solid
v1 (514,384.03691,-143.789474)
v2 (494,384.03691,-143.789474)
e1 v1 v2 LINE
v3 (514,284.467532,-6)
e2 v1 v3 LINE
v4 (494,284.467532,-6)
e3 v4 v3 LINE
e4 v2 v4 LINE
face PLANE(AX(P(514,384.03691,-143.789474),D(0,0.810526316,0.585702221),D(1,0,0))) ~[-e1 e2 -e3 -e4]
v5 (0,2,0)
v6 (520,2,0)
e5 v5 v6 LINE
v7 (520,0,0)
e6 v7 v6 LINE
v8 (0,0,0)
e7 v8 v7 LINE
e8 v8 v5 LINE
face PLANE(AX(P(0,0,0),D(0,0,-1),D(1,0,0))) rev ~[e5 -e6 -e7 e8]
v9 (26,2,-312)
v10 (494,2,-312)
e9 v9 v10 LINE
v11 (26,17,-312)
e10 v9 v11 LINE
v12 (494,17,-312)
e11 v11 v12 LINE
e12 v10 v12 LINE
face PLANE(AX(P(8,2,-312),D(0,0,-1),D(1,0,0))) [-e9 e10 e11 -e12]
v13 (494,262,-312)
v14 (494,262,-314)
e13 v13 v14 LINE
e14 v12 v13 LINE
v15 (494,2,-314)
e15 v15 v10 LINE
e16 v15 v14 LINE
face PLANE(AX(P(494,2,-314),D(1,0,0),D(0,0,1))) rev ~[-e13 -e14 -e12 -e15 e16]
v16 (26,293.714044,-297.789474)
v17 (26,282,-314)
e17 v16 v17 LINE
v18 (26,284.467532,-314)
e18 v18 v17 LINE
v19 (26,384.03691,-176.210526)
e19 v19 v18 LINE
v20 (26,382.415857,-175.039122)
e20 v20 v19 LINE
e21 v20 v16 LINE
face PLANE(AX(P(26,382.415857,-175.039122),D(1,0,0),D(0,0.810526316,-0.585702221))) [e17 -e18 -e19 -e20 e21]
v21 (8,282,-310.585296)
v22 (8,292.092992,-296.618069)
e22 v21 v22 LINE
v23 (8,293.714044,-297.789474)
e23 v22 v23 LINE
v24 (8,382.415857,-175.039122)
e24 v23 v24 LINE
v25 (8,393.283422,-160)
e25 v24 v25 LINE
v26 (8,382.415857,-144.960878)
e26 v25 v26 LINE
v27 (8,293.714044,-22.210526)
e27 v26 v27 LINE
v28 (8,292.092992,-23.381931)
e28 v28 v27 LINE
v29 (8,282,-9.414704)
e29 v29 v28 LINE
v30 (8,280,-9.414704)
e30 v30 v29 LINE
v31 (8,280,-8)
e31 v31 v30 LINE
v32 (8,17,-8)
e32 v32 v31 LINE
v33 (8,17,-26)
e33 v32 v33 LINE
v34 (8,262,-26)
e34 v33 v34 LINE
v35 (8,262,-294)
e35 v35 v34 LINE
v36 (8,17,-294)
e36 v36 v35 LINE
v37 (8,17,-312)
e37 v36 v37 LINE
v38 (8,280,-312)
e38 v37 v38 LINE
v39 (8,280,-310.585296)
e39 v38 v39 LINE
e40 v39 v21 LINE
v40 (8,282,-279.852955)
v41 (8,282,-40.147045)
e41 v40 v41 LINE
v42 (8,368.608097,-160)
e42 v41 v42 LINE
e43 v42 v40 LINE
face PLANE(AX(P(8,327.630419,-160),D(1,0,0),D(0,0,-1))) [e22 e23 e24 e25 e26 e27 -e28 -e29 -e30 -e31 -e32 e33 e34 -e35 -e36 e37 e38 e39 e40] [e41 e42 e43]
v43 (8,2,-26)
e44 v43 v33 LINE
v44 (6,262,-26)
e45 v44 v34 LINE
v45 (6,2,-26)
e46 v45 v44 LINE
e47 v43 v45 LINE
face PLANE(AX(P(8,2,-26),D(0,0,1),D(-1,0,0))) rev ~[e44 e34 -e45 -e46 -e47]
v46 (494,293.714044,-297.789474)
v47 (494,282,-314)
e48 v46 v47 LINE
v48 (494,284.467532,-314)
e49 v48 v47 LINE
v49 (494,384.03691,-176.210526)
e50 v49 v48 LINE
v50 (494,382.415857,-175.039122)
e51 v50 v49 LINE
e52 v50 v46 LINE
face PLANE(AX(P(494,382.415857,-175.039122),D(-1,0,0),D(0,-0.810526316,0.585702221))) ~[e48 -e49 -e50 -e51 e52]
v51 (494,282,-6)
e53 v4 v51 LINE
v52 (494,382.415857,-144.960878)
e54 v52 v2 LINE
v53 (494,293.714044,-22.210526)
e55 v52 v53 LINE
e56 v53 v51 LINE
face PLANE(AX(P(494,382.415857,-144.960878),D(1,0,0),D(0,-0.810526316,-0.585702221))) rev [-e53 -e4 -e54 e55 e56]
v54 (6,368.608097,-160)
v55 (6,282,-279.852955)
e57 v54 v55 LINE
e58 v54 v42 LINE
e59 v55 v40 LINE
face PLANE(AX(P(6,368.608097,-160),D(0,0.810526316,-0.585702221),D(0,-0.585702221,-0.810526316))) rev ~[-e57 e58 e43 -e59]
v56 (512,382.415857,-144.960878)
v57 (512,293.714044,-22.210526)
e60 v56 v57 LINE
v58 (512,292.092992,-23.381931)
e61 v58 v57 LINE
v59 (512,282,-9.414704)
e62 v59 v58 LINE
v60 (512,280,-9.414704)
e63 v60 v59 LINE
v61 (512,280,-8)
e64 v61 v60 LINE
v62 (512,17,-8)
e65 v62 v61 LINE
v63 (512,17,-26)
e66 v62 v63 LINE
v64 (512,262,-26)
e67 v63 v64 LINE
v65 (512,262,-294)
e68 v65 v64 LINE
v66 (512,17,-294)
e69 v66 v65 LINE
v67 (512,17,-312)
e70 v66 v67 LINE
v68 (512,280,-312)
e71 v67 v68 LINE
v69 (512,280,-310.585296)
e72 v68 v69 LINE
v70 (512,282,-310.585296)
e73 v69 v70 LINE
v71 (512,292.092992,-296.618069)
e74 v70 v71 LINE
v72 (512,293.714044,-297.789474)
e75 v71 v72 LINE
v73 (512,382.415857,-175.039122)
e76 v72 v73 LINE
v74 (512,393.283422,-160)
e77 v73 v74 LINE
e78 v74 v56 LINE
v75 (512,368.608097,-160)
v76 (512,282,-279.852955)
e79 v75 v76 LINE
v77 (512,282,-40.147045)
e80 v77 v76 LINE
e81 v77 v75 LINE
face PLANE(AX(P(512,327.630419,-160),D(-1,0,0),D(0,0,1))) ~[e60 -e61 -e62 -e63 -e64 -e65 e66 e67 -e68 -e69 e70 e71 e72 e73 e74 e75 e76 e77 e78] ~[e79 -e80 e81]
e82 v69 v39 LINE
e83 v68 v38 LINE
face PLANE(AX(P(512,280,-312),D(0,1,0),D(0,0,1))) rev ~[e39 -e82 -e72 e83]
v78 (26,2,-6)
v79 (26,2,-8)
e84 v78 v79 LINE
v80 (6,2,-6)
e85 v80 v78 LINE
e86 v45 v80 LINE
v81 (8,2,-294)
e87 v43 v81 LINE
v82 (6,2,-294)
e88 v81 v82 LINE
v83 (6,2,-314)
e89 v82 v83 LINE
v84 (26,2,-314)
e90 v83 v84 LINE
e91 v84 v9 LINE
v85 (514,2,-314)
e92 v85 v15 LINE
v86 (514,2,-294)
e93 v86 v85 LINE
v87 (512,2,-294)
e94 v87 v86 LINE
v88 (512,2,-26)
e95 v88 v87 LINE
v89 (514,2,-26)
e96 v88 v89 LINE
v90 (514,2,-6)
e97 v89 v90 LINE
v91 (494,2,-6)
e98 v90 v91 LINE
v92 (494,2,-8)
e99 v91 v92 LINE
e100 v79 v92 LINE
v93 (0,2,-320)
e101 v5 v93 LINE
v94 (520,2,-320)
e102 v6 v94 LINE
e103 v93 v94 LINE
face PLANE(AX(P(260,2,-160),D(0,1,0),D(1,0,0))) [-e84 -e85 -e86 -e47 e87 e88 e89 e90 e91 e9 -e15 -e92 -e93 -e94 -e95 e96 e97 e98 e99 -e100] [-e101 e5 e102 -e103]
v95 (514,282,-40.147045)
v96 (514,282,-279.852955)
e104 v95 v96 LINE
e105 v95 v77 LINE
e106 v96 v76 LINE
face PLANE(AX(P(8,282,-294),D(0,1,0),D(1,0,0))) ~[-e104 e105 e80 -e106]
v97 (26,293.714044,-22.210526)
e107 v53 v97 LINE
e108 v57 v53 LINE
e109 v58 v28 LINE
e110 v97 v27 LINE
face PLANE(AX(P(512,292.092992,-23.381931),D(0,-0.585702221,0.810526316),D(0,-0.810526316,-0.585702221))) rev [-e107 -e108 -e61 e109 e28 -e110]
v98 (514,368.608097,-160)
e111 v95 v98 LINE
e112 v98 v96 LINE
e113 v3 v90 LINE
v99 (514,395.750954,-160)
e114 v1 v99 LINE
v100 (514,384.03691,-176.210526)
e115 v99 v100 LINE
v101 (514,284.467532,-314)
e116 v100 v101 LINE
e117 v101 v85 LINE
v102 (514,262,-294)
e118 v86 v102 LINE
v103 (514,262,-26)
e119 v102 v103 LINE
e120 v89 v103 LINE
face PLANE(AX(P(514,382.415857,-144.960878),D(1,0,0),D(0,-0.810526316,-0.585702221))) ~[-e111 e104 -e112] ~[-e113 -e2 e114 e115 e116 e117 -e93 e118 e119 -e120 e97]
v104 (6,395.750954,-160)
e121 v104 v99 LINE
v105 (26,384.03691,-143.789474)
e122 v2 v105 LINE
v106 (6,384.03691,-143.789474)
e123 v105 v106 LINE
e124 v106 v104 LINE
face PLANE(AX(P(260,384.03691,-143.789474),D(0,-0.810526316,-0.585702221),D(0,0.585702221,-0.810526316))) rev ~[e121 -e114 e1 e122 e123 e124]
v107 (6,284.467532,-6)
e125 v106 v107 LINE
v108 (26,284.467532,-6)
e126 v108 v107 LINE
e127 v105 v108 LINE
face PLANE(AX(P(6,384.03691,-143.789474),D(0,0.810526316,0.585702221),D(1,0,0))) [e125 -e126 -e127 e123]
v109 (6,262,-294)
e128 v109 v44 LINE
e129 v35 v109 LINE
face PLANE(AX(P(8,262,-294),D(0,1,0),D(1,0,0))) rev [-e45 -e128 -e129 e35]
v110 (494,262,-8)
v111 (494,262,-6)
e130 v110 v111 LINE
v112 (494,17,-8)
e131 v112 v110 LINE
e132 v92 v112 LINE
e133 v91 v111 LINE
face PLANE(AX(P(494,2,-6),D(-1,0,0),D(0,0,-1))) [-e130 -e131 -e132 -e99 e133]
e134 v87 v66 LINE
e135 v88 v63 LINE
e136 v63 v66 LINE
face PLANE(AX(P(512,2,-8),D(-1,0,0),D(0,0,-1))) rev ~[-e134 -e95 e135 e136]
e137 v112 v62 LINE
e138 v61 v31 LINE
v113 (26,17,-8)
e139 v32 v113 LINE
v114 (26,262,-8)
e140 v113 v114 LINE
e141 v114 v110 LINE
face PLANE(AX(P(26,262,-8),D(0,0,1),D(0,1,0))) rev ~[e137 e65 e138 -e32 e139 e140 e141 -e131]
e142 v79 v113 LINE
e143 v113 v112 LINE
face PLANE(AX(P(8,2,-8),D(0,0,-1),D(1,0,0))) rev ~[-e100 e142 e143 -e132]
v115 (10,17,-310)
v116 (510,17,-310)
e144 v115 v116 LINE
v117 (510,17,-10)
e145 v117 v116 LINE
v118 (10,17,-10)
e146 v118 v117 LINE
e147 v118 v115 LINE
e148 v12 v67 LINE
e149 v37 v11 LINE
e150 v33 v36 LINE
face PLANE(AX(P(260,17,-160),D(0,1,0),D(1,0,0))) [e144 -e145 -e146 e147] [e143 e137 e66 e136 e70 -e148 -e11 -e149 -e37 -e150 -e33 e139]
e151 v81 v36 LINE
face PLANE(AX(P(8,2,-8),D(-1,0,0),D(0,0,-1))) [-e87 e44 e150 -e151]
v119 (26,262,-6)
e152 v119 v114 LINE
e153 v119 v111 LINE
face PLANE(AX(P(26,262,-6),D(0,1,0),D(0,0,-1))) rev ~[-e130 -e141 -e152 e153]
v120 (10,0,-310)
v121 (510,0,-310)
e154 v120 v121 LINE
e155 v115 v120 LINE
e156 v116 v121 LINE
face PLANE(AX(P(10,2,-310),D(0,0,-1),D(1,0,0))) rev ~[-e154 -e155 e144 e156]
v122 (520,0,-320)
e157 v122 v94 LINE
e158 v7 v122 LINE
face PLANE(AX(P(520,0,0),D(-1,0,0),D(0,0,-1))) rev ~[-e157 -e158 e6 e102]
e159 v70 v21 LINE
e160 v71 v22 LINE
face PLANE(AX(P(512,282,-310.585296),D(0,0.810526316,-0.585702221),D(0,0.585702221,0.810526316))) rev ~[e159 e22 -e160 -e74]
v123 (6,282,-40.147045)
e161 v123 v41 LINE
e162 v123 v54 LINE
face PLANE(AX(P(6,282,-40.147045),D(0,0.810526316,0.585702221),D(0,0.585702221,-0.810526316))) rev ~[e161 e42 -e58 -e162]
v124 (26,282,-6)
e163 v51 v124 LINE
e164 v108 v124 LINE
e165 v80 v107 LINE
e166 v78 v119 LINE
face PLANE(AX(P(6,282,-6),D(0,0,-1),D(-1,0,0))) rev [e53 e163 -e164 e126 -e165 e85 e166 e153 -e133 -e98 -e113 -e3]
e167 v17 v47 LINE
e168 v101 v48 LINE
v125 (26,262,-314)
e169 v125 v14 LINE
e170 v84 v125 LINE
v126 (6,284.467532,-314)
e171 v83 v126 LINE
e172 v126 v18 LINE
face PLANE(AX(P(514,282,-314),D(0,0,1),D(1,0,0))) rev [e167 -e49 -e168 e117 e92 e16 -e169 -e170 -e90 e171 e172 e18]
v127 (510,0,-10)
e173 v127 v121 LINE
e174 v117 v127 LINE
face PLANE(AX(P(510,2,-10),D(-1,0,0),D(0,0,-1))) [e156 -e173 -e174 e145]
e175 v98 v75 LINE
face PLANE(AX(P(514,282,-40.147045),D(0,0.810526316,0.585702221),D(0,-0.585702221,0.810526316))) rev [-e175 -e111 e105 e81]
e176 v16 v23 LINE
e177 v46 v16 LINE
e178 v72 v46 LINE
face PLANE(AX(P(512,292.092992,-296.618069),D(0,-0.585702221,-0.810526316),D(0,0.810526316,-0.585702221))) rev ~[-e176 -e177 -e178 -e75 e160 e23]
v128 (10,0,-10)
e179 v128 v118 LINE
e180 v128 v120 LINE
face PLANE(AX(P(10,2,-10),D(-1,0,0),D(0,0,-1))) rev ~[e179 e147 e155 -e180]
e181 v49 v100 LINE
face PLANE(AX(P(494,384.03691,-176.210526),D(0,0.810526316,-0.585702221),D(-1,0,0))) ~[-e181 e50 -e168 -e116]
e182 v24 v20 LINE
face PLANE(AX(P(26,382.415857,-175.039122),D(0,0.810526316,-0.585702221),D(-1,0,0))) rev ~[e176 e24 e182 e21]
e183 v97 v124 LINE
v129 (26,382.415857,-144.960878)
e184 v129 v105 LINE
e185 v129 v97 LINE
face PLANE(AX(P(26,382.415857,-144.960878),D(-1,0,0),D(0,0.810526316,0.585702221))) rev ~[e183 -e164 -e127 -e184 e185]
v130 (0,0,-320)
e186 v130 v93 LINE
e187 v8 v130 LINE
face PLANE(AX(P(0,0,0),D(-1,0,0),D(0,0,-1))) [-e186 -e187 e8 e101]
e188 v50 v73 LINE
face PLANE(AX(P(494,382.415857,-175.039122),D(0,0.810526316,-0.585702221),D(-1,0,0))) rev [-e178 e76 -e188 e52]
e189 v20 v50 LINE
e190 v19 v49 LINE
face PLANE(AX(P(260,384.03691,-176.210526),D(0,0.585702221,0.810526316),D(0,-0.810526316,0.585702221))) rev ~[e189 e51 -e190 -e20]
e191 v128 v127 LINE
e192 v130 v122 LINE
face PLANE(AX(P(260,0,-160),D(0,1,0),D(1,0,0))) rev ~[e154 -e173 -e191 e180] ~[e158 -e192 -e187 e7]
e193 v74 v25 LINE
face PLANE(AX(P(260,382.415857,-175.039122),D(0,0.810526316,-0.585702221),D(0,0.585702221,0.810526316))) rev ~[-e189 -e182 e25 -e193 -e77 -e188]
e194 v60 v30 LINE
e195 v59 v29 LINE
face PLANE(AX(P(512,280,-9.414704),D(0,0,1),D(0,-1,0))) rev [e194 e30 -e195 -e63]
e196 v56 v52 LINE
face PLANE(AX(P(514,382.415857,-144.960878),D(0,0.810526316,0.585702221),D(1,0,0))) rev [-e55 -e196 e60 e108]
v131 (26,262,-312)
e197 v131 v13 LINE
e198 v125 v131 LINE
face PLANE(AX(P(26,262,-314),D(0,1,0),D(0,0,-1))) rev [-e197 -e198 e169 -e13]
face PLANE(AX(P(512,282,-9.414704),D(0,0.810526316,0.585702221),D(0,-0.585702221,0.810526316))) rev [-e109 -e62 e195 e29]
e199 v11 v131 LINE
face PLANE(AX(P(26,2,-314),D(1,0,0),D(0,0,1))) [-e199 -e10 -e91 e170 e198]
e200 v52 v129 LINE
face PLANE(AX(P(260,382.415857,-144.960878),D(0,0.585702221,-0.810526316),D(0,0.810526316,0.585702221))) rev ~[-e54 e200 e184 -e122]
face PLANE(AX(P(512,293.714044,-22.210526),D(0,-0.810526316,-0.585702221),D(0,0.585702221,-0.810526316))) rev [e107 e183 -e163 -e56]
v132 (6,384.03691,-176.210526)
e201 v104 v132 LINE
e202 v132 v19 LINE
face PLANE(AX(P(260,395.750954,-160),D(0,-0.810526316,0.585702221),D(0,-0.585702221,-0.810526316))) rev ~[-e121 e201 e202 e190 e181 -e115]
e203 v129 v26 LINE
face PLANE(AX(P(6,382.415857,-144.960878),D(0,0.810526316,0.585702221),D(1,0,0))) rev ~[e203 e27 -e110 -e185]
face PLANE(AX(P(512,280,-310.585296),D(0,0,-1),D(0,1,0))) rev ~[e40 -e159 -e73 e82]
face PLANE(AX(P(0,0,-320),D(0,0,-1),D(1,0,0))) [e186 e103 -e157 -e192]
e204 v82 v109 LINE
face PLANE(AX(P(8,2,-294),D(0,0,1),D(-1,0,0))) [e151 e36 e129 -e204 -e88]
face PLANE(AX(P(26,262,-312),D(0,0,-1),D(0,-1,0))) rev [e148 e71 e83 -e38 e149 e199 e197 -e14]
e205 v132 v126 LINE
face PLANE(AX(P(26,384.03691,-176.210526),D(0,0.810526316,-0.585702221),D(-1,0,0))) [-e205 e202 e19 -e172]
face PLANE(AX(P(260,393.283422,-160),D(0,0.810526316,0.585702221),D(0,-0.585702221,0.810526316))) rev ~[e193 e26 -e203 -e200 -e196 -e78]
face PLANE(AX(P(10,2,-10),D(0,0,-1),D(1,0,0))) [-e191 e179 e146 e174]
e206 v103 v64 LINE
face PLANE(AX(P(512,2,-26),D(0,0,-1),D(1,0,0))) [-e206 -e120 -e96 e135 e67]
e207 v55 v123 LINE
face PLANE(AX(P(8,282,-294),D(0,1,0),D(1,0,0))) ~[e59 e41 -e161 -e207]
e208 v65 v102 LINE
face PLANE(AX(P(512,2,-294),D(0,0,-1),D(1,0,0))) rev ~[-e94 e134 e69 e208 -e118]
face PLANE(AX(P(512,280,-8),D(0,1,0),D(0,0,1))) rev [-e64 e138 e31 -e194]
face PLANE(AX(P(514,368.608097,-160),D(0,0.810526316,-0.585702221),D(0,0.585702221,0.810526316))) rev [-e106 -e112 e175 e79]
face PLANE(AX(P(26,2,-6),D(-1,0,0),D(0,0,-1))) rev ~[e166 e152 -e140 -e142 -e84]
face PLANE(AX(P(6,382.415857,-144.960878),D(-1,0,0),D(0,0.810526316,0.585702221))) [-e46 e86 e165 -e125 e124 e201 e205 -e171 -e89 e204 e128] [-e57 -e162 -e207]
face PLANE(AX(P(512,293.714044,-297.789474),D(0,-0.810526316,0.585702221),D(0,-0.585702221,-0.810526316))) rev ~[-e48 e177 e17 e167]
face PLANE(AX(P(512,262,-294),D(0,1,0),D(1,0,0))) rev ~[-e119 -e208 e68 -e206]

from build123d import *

# Parameters (mm, degrees)
SKIZZE1_W                        = 520
SKIZZE1_H                        = 320
SKIZZE1_W_2                      = 500
SKIZZE1_H_2                      = 300
AUFSATZ_LINEAR_AUSTRAGEN1_DEPTH  = 2
SKIZZE2_W                        = 504
SKIZZE2_H                        = 304
SKIZZE2_W_2                      = 500
SKIZZE2_H_2                      = 300
AUFSATZ_LINEAR_AUSTRAGEN2_DEPTH  = 15
AUFSATZ_LINEAR_AUSTRAGEN3_DEPTH  = 280
AUFSATZ_LINEAR_AUSTRAGEN4_REACH  = 654.656
SKIZZE4_W                        = 2
SKIZZE4_H                        = 20
AUFSATZ_LINEAR_AUSTRAGEN5_REACH  = 662.576
SKIZZE5_W                        = 2
SKIZZE5_H                        = 20
AUFSATZ_LINEAR_AUSTRAGEN7_DEPTH  = 2
AUFSATZ_LINEAR_AUSTRAGEN12_DEPTH = 254
AUFSATZ_LINEAR_AUSTRAGEN13_DEPTH = 254
AUFSATZ_LINEAR_AUSTRAGEN16_DEPTH = 504
AUFSATZ_LINEAR_AUSTRAGEN17_REACH = 737.316
SKIZZE12_W                       = 20
SKIZZE12_H                       = 2
AUFSATZ_LINEAR_AUSTRAGEN18_REACH = 624.098
SKIZZE13_W                       = 20
SKIZZE13_H                       = 2


with BuildPart() as part:
    # Skizze1 → Aufsatz-Linear austragen1 (new body)
    with BuildSketch(Plane(origin=(0, 0, 0), x_dir=(1, 0, 0), z_dir=(0, 1, 0))):
        with Locations((260, 160)):
            Rectangle(SKIZZE1_W, SKIZZE1_H)
        with Locations((260, 160)):
            Rectangle(SKIZZE1_W_2, SKIZZE1_H_2, mode=Mode.SUBTRACT)
    extrude(amount=AUFSATZ_LINEAR_AUSTRAGEN1_DEPTH)

    # Skizze2 → Aufsatz-Linear austragen2 (add)
    with BuildSketch(Plane(origin=(0, 2, 0), x_dir=(1, 0, 0), z_dir=(0, 1, 0))):
        with Locations((260, 160)):
            Rectangle(SKIZZE2_W, SKIZZE2_H)
        with Locations((260, 160)):
            Rectangle(SKIZZE2_W_2, SKIZZE2_H_2, mode=Mode.SUBTRACT)
    extrude(amount=AUFSATZ_LINEAR_AUSTRAGEN2_DEPTH)

    # Skizze3 → Aufsatz-Linear austragen3 (add)
    with BuildSketch(Plane(origin=(0, 2, 0), x_dir=(1, 0, 0), z_dir=(0, 1, 0))):
        Polygon((8, 294), (6, 294), (6, 314), (26, 314), (26, 312), (8, 312), align=None)
        Polygon((512, 312), (512, 294), (514, 294), (514, 314), (494, 314), (494, 312), align=None)
        Polygon((512, 26), (514, 26), (514, 6), (494, 6), (494, 8), (512, 8), align=None)
        Polygon((8, 8), (8, 26), (6, 26), (6, 6), (26, 6), (26, 8), align=None)
    extrude(amount=AUFSATZ_LINEAR_AUSTRAGEN3_DEPTH)

    # Skizze4 → Aufsatz-Linear austragen4 (add, up to next)
    with BuildSketch(Plane(origin=(26, 0, 0), x_dir=(0, 0, -1), z_dir=(1, 0, 0)), mode=Mode.PRIVATE) as aufsatz_linear_austragen4_sk1:
        with Locations((7, 272)):
            Rectangle(SKIZZE4_W, SKIZZE4_H)
    aufsatz_linear_austragen4_tool1 = extrude(aufsatz_linear_austragen4_sk1.sketch, amount=AUFSATZ_LINEAR_AUSTRAGEN4_REACH, mode=Mode.PRIVATE) - part.part
    aufsatz_linear_austragen4 = aufsatz_linear_austragen4_tool1.solids().sort_by_distance((26, 272, -7))[0]
    add(aufsatz_linear_austragen4)

    # Spiegeln1: Aufsatz-Linear austragen4 across plane
    add(aufsatz_linear_austragen4.mirror(Plane.XY.offset(-160)))

    # Skizze5 → Aufsatz-Linear austragen5 (add, up to next)
    with BuildSketch(Plane.XY.offset(-294), mode=Mode.PRIVATE) as aufsatz_linear_austragen5_sk1:
        with Locations((513, 272)):
            Rectangle(SKIZZE5_W, SKIZZE5_H)
    aufsatz_linear_austragen5_tool1 = extrude(aufsatz_linear_austragen5_sk1.sketch, amount=AUFSATZ_LINEAR_AUSTRAGEN5_REACH, mode=Mode.PRIVATE) - part.part
    aufsatz_linear_austragen5 = aufsatz_linear_austragen5_tool1.solids().sort_by_distance((513, 272, -294))[0]
    add(aufsatz_linear_austragen5)

    # Spiegeln2: Aufsatz-Linear austragen5 across plane
    add(aufsatz_linear_austragen5.mirror(Plane(origin=(260, 0, 0), x_dir=(0, 0, 1), z_dir=(1, 0, 0))))

    # Skizze7 → Aufsatz-Linear austragen7 (add)
    with BuildSketch(Plane.ZY.offset(-6)):
        Polygon((-314, 282), (-160, 393.283421946), (-6, 282), (-40.147044848, 282), (-160, 368.608097271), (-279.852955152, 282), align=None)
    aufsatz_linear_austragen7 = extrude(amount=-AUFSATZ_LINEAR_AUSTRAGEN7_DEPTH)

    # Spiegeln5: Aufsatz-Linear austragen7 across plane
    add(aufsatz_linear_austragen7.mirror(Plane(origin=(260, 0, 0), x_dir=(0, 0, 1), z_dir=(1, 0, 0))))

    # Skizze8 → Aufsatz-Linear austragen12 (add)
    with BuildSketch(Plane(origin=(260, 0, 0), x_dir=(0, 0, -1), z_dir=(1, 0, 0))):
        Polygon((175.039121874, 382.415857367), (160, 393.283421946), (144.960878126, 382.415857367), (143.789473684, 384.036909998), (160, 395.750954413), (176.210526316, 384.036909998), align=None)
    extrude(amount=AUFSATZ_LINEAR_AUSTRAGEN12_DEPTH)

    # Skizze8<2> → Aufsatz-Linear austragen13 (add)
    with BuildSketch(Plane(origin=(260, 0, 0), x_dir=(0, 0, -1), z_dir=(1, 0, 0))):
        Polygon((175.039121874, 382.415857367), (160, 393.283421946), (144.960878126, 382.415857367), (143.789473684, 384.036909998), (160, 395.750954413), (176.210526316, 384.036909998), align=None)
    extrude(amount=-AUFSATZ_LINEAR_AUSTRAGEN13_DEPTH)

    # Skizze11 → Aufsatz-Linear austragen16 (add)
    with BuildSketch(Plane.ZY.offset(-512)):
        Polygon((-314, 282), (-312, 282), (-312, 280), (-310.585295515, 280), (-310.585295515, 282), (-296.618069243, 292.092991784), (-297.789473684, 293.714044415), align=None)
    aufsatz_linear_austragen16 = extrude(amount=AUFSATZ_LINEAR_AUSTRAGEN16_DEPTH)

    # Spiegeln6: Aufsatz-Linear austragen16 across plane
    add(aufsatz_linear_austragen16.mirror(Plane.XY.offset(-160)))

    # Aufsatz-Linear austragen17: up to this plane
    aufsatz_linear_austragen17_end = Plane(origin=(6, 282, -314), z_dir=(0, 0, 1))
    # Skizze12 → Aufsatz-Linear austragen17 (add, up to the surface)
    with BuildSketch(Plane(origin=(0, 48.090839316, 66.550696637), x_dir=(-1, 0, 0), z_dir=(0, -0.5857022207681483, -0.8105263157894748)), mode=Mode.PRIVATE) as aufsatz_linear_austragen17_sk1:
        with Locations((-16, 413.478918374)):
            Rectangle(SKIZZE12_W, SKIZZE12_H)
    aufsatz_linear_austragen17_tool1 = split(extrude(aufsatz_linear_austragen17_sk1.sketch, amount=AUFSATZ_LINEAR_AUSTRAGEN17_REACH, mode=Mode.PRIVATE), bisect_by=aufsatz_linear_austragen17_end, keep=Keep.BOTH, mode=Mode.PRIVATE)
    aufsatz_linear_austragen17 = aufsatz_linear_austragen17_tool1.solids().sort_by_distance((16, 383.226384, -175.624824))[0]
    add(aufsatz_linear_austragen17)

    # Spiegeln10: Aufsatz-Linear austragen17 across plane
    add(aufsatz_linear_austragen17.mirror(Plane(origin=(260, 0, 0), x_dir=(0, 0, 1), z_dir=(1, 0, 0))))

    # Aufsatz-Linear austragen18: up to this plane
    aufsatz_linear_austragen18_end = Plane(origin=(514, 282, -6), z_dir=(0, 0, -1))
    # Skizze13 → Aufsatz-Linear austragen18 (add, up to the surface)
    with BuildSketch(Plane(origin=(0, 200.003499524, -276.775627385), x_dir=(1, 0, 0), z_dir=(0, -0.5857022207681525, 0.8105263157894717)), mode=Mode.PRIVATE) as aufsatz_linear_austragen18_sk1:
        with Locations((16, 226.054207728)):
            Rectangle(SKIZZE13_W, SKIZZE13_H)
    aufsatz_linear_austragen18_tool1 = split(extrude(aufsatz_linear_austragen18_sk1.sketch, amount=AUFSATZ_LINEAR_AUSTRAGEN18_REACH, mode=Mode.PRIVATE), bisect_by=aufsatz_linear_austragen18_end, keep=Keep.BOTH, mode=Mode.PRIVATE)
    aufsatz_linear_austragen18 = aufsatz_linear_austragen18_tool1.solids().sort_by_distance((16, 383.226384, -144.375176))[0]
    add(aufsatz_linear_austragen18)

    # Spiegeln12: Aufsatz-Linear austragen18 across plane
    add(aufsatz_linear_austragen18.mirror(Plane(origin=(260, 0, 0), x_dir=(0, 0, 1), z_dir=(1, 0, 0))))


solid = part.part
